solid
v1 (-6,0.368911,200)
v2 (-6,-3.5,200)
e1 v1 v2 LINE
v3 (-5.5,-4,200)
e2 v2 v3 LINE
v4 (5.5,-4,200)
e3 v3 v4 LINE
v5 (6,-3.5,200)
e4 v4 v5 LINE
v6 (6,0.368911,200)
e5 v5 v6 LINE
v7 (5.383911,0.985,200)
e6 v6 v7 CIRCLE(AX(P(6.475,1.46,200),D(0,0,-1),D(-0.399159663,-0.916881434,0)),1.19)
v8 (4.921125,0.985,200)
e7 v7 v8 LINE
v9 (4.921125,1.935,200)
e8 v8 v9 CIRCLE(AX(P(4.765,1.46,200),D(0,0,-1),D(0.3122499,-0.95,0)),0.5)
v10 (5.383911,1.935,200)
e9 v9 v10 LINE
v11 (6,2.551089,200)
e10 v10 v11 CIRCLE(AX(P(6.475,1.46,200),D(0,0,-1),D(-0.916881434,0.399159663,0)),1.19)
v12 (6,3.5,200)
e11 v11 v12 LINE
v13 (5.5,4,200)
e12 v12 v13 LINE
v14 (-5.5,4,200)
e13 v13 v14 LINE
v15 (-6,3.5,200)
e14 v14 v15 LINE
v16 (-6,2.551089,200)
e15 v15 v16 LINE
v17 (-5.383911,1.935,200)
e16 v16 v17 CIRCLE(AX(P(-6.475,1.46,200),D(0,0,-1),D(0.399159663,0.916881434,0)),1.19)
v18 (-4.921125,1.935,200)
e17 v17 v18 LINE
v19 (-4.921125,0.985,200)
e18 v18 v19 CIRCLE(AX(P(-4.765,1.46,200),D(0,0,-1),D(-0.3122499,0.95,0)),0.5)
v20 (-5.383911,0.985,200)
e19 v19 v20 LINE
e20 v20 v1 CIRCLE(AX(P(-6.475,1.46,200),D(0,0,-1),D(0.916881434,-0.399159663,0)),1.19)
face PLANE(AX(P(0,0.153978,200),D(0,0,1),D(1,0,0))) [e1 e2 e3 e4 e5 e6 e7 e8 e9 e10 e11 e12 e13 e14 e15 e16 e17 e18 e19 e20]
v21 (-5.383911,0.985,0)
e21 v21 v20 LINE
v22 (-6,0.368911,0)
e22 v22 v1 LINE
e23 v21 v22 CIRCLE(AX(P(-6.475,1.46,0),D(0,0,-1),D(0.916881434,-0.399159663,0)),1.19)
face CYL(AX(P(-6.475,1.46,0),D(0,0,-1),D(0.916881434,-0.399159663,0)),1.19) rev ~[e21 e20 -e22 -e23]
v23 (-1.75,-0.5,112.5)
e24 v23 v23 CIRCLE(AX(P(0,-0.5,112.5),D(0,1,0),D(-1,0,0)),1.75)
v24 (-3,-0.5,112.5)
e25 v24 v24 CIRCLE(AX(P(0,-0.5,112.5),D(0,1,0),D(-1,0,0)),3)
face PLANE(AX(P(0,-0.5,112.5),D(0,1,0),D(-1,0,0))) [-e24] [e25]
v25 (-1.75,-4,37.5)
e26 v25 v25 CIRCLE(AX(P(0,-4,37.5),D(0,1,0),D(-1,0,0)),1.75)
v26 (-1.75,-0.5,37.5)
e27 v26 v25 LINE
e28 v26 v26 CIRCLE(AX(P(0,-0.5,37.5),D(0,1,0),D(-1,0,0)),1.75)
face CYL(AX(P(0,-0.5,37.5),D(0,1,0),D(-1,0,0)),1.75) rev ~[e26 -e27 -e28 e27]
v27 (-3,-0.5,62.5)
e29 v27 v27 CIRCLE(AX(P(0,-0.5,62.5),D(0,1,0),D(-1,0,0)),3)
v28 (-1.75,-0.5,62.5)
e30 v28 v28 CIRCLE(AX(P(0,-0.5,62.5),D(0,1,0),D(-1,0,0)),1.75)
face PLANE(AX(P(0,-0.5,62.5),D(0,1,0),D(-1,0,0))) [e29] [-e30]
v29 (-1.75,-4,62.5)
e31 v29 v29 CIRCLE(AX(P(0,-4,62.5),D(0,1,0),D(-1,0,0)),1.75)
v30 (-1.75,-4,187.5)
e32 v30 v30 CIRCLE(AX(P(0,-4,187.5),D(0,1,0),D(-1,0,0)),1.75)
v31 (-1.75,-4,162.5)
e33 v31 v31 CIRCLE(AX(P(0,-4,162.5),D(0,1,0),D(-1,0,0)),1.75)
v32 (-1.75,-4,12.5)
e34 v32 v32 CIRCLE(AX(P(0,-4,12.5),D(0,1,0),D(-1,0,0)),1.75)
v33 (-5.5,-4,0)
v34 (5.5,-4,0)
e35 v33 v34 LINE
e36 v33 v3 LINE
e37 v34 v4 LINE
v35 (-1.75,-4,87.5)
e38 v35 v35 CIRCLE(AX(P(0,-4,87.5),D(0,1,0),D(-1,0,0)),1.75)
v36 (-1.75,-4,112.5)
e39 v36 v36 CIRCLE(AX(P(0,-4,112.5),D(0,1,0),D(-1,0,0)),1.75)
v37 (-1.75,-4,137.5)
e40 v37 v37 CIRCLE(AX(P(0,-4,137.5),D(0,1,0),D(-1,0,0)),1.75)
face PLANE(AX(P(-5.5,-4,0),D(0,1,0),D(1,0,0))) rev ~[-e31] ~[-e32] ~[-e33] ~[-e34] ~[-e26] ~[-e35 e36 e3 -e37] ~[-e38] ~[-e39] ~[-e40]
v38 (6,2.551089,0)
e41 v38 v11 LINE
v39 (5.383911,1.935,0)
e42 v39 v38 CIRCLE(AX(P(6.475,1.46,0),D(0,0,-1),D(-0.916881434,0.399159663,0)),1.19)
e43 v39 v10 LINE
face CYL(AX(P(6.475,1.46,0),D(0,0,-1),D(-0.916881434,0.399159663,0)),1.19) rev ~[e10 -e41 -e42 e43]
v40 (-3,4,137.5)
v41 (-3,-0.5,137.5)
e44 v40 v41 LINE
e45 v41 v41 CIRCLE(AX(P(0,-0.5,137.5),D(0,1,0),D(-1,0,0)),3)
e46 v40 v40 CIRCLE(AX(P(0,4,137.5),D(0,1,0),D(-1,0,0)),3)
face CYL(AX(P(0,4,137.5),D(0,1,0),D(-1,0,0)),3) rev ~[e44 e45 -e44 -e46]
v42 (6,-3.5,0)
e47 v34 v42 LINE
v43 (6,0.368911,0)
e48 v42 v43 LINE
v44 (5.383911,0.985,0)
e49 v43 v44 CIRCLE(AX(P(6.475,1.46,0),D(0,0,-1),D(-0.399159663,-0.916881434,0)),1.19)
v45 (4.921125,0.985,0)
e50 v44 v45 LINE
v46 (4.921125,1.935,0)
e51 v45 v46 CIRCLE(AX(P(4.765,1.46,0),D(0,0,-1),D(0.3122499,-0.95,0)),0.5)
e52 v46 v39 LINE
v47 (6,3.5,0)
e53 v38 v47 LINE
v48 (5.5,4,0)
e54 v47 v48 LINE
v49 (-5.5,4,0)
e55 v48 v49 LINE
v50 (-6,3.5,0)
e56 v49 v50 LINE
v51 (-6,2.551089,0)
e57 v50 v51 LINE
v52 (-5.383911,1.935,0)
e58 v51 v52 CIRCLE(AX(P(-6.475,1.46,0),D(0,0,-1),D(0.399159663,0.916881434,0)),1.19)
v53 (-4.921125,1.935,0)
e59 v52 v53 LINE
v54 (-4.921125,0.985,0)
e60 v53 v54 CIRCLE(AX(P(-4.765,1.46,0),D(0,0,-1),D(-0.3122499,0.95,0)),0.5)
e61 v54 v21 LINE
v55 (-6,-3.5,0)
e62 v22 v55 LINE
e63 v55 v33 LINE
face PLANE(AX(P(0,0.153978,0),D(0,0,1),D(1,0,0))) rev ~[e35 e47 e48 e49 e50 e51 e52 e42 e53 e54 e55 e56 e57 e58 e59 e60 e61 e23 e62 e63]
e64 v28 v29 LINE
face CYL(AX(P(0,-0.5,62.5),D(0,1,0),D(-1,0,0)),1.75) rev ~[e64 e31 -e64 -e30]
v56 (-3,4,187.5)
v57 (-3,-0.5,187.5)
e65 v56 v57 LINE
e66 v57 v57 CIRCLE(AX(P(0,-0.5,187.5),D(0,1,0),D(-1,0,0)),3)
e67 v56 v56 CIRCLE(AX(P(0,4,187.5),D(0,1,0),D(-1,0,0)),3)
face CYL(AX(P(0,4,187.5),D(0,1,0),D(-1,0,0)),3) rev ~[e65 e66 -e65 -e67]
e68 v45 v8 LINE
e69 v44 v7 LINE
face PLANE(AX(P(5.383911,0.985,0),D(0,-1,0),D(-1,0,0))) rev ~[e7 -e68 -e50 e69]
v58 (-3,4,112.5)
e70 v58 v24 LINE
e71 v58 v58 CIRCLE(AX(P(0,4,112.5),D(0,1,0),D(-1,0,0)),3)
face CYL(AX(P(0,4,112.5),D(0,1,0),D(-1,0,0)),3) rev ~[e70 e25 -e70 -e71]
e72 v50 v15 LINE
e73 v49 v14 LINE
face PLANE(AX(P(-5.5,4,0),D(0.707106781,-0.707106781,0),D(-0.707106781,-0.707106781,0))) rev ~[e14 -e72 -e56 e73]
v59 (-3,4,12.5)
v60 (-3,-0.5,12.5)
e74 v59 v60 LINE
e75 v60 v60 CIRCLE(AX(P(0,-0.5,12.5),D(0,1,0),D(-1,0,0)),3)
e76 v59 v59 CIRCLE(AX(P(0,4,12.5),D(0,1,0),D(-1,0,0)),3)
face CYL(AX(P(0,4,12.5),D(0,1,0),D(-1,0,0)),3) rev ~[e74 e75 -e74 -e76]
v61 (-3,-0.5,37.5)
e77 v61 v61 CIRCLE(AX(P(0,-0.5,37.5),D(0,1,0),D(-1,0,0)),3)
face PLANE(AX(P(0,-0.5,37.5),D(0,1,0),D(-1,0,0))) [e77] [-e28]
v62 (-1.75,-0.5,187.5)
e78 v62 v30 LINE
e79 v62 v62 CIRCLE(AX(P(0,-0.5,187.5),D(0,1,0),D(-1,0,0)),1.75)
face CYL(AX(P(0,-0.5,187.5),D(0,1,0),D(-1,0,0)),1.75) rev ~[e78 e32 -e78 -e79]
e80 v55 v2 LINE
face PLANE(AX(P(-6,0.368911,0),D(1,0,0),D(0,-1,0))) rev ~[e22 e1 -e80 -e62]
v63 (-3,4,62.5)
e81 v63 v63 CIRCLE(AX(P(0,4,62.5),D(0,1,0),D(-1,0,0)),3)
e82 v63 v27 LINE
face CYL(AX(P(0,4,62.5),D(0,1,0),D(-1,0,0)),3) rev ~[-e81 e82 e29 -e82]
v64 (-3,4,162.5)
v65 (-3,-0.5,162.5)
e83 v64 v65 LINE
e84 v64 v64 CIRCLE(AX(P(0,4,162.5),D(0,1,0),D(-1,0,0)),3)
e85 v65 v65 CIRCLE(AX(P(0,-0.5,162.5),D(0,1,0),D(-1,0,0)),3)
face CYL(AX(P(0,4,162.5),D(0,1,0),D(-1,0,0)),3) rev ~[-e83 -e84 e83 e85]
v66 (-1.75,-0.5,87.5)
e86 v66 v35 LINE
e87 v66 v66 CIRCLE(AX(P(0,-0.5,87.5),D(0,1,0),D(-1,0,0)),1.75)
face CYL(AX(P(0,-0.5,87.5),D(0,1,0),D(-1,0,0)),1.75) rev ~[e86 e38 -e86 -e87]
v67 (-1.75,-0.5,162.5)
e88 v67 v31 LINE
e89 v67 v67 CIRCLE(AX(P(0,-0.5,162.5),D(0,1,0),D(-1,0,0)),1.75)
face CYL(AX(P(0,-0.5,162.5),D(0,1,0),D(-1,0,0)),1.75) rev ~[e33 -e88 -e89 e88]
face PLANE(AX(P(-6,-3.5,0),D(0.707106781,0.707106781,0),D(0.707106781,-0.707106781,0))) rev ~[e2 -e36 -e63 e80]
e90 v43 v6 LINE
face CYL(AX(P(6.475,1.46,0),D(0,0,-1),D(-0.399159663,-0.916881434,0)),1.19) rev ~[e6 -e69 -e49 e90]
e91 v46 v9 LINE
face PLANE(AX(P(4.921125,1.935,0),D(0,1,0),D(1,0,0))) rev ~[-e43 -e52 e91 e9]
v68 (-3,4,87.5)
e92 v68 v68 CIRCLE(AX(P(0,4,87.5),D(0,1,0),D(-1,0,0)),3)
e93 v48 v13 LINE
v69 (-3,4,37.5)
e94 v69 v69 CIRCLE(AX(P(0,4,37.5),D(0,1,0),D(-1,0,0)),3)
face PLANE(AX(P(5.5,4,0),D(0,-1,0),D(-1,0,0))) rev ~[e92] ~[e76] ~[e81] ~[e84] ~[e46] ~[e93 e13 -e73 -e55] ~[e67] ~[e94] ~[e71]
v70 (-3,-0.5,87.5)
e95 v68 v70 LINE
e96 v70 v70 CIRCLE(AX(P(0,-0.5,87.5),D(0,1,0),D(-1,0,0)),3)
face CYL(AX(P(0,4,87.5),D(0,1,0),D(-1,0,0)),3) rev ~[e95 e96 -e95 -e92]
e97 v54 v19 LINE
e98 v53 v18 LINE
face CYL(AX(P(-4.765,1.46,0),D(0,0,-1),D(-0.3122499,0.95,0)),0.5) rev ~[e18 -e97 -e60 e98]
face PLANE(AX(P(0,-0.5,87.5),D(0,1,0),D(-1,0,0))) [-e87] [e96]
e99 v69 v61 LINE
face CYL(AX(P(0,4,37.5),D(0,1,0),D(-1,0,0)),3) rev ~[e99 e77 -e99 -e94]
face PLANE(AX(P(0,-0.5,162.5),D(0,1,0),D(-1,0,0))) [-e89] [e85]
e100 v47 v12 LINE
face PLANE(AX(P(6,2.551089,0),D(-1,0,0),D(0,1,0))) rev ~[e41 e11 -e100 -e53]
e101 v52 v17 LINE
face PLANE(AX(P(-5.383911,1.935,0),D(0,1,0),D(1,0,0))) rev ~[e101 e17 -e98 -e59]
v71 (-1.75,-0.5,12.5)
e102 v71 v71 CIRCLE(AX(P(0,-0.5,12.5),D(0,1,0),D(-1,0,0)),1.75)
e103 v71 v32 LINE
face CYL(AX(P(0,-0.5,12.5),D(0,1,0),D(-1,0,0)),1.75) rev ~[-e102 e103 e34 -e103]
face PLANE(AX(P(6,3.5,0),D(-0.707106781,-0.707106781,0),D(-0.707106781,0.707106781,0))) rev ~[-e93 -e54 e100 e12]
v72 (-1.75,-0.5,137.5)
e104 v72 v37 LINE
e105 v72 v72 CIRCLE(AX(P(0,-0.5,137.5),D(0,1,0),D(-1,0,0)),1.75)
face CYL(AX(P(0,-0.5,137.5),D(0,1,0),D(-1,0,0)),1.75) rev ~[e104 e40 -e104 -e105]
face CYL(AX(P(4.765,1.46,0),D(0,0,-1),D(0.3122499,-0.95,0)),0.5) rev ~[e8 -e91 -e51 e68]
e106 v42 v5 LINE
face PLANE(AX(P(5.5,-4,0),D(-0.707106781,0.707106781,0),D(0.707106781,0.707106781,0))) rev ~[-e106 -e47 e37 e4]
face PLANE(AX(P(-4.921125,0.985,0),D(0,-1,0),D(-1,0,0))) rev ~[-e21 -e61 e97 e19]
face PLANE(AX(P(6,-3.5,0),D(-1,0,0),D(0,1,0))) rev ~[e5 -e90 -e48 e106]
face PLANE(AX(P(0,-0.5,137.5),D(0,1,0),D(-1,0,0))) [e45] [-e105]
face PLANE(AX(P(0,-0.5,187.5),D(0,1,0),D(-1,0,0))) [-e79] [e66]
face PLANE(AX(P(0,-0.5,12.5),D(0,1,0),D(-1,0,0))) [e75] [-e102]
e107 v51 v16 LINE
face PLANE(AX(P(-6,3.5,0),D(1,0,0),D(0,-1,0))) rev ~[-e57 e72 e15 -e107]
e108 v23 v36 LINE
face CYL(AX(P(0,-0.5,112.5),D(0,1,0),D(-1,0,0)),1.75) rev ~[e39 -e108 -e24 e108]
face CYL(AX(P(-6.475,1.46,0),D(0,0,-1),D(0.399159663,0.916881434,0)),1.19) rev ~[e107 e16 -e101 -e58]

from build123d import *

# Parameters (mm, degrees)
BOSS_EXTRUDE1_DEPTH = 200
SKETCH2_R           = 3
CUT_EXTRUDE1_DEPTH  = 4.5
SKETCH3_R           = 1.75
CUT_EXTRUDE2_DEPTH  = 201.140575596
LPATTERN1_COUNT     = 8
LPATTERN1_PITCH     = 25


with BuildPart() as part:
    # Sketch1 → Boss-Extrude1 (new body)
    with BuildSketch(Plane.XY):
        with BuildLine():
            Line((6, -3.5), (6, 0.368911094))
            ThreePointArc((6, 0.368911094), (5.63354293, 0.61854293), (5.383911094, 0.985))
            Line((5.383911094, 0.985), (4.92112495, 0.985))
            ThreePointArc((4.92112495, 0.985), (4.265, 1.46), (4.92112495, 1.935))
            Line((4.92112495, 1.935), (5.383911094, 1.935))
            ThreePointArc((5.383911094, 1.935), (5.63354293, 2.30145707), (6, 2.551088906))
            Line((6, 2.551088906), (6, 3.5))
            Line((6, 3.5), (5.5, 4))
            Line((5.5, 4), (-5.5, 4))
            Line((-5.5, 4), (-6, 3.5))
            Line((-6, 3.5), (-6, 2.551088906))
            ThreePointArc((-6, 2.551088906), (-5.63354293, 2.30145707), (-5.383911094, 1.935))
            Line((-5.383911094, 1.935), (-4.92112495, 1.935))
            ThreePointArc((-4.92112495, 1.935), (-4.265, 1.46), (-4.92112495, 0.985))
            Line((-4.92112495, 0.985), (-5.383911094, 0.985))
            ThreePointArc((-5.383911094, 0.985), (-5.63354293, 0.61854293), (-6, 0.368911094))
            Line((-6, 0.368911094), (-6, -3.5))
            Line((-6, -3.5), (-5.5, -4))
            Line((-5.5, -4), (5.5, -4))
            Line((5.5, -4), (6, -3.5))
        make_face()
    extrude(amount=BOSS_EXTRUDE1_DEPTH)

    # Sketch2 → Cut-Extrude1 (cut)
    with BuildSketch(Plane(origin=(0, 4, 0), x_dir=(1, 0, 0), z_dir=(0, 1, 0))):
        with Locations(Location((0, -12.5, 0), (0, 0, 180))):
            Circle(SKETCH2_R)
    cut_extrude1 = extrude(amount=-CUT_EXTRUDE1_DEPTH, mode=Mode.SUBTRACT)

    # Sketch3 → Cut-Extrude2 (cut, through all)
    with BuildSketch(Plane(origin=(0, -0.5, 0), x_dir=(1, 0, 0), z_dir=(0, 1, 0))):
        with Locations(Location((0, -12.5, 0), (0, 0, 180))):
            Circle(SKETCH3_R)
    cut_extrude2 = extrude(amount=-CUT_EXTRUDE2_DEPTH, mode=Mode.SUBTRACT)

    # LPattern1: Cut-Extrude1, Cut-Extrude2 ×8
    with Locations(*[(0, 0, i * LPATTERN1_PITCH) for i in range(1, LPATTERN1_COUNT)]):
        add(cut_extrude1, mode=Mode.SUBTRACT)
        add(cut_extrude2, mode=Mode.SUBTRACT)


solid = part.part
